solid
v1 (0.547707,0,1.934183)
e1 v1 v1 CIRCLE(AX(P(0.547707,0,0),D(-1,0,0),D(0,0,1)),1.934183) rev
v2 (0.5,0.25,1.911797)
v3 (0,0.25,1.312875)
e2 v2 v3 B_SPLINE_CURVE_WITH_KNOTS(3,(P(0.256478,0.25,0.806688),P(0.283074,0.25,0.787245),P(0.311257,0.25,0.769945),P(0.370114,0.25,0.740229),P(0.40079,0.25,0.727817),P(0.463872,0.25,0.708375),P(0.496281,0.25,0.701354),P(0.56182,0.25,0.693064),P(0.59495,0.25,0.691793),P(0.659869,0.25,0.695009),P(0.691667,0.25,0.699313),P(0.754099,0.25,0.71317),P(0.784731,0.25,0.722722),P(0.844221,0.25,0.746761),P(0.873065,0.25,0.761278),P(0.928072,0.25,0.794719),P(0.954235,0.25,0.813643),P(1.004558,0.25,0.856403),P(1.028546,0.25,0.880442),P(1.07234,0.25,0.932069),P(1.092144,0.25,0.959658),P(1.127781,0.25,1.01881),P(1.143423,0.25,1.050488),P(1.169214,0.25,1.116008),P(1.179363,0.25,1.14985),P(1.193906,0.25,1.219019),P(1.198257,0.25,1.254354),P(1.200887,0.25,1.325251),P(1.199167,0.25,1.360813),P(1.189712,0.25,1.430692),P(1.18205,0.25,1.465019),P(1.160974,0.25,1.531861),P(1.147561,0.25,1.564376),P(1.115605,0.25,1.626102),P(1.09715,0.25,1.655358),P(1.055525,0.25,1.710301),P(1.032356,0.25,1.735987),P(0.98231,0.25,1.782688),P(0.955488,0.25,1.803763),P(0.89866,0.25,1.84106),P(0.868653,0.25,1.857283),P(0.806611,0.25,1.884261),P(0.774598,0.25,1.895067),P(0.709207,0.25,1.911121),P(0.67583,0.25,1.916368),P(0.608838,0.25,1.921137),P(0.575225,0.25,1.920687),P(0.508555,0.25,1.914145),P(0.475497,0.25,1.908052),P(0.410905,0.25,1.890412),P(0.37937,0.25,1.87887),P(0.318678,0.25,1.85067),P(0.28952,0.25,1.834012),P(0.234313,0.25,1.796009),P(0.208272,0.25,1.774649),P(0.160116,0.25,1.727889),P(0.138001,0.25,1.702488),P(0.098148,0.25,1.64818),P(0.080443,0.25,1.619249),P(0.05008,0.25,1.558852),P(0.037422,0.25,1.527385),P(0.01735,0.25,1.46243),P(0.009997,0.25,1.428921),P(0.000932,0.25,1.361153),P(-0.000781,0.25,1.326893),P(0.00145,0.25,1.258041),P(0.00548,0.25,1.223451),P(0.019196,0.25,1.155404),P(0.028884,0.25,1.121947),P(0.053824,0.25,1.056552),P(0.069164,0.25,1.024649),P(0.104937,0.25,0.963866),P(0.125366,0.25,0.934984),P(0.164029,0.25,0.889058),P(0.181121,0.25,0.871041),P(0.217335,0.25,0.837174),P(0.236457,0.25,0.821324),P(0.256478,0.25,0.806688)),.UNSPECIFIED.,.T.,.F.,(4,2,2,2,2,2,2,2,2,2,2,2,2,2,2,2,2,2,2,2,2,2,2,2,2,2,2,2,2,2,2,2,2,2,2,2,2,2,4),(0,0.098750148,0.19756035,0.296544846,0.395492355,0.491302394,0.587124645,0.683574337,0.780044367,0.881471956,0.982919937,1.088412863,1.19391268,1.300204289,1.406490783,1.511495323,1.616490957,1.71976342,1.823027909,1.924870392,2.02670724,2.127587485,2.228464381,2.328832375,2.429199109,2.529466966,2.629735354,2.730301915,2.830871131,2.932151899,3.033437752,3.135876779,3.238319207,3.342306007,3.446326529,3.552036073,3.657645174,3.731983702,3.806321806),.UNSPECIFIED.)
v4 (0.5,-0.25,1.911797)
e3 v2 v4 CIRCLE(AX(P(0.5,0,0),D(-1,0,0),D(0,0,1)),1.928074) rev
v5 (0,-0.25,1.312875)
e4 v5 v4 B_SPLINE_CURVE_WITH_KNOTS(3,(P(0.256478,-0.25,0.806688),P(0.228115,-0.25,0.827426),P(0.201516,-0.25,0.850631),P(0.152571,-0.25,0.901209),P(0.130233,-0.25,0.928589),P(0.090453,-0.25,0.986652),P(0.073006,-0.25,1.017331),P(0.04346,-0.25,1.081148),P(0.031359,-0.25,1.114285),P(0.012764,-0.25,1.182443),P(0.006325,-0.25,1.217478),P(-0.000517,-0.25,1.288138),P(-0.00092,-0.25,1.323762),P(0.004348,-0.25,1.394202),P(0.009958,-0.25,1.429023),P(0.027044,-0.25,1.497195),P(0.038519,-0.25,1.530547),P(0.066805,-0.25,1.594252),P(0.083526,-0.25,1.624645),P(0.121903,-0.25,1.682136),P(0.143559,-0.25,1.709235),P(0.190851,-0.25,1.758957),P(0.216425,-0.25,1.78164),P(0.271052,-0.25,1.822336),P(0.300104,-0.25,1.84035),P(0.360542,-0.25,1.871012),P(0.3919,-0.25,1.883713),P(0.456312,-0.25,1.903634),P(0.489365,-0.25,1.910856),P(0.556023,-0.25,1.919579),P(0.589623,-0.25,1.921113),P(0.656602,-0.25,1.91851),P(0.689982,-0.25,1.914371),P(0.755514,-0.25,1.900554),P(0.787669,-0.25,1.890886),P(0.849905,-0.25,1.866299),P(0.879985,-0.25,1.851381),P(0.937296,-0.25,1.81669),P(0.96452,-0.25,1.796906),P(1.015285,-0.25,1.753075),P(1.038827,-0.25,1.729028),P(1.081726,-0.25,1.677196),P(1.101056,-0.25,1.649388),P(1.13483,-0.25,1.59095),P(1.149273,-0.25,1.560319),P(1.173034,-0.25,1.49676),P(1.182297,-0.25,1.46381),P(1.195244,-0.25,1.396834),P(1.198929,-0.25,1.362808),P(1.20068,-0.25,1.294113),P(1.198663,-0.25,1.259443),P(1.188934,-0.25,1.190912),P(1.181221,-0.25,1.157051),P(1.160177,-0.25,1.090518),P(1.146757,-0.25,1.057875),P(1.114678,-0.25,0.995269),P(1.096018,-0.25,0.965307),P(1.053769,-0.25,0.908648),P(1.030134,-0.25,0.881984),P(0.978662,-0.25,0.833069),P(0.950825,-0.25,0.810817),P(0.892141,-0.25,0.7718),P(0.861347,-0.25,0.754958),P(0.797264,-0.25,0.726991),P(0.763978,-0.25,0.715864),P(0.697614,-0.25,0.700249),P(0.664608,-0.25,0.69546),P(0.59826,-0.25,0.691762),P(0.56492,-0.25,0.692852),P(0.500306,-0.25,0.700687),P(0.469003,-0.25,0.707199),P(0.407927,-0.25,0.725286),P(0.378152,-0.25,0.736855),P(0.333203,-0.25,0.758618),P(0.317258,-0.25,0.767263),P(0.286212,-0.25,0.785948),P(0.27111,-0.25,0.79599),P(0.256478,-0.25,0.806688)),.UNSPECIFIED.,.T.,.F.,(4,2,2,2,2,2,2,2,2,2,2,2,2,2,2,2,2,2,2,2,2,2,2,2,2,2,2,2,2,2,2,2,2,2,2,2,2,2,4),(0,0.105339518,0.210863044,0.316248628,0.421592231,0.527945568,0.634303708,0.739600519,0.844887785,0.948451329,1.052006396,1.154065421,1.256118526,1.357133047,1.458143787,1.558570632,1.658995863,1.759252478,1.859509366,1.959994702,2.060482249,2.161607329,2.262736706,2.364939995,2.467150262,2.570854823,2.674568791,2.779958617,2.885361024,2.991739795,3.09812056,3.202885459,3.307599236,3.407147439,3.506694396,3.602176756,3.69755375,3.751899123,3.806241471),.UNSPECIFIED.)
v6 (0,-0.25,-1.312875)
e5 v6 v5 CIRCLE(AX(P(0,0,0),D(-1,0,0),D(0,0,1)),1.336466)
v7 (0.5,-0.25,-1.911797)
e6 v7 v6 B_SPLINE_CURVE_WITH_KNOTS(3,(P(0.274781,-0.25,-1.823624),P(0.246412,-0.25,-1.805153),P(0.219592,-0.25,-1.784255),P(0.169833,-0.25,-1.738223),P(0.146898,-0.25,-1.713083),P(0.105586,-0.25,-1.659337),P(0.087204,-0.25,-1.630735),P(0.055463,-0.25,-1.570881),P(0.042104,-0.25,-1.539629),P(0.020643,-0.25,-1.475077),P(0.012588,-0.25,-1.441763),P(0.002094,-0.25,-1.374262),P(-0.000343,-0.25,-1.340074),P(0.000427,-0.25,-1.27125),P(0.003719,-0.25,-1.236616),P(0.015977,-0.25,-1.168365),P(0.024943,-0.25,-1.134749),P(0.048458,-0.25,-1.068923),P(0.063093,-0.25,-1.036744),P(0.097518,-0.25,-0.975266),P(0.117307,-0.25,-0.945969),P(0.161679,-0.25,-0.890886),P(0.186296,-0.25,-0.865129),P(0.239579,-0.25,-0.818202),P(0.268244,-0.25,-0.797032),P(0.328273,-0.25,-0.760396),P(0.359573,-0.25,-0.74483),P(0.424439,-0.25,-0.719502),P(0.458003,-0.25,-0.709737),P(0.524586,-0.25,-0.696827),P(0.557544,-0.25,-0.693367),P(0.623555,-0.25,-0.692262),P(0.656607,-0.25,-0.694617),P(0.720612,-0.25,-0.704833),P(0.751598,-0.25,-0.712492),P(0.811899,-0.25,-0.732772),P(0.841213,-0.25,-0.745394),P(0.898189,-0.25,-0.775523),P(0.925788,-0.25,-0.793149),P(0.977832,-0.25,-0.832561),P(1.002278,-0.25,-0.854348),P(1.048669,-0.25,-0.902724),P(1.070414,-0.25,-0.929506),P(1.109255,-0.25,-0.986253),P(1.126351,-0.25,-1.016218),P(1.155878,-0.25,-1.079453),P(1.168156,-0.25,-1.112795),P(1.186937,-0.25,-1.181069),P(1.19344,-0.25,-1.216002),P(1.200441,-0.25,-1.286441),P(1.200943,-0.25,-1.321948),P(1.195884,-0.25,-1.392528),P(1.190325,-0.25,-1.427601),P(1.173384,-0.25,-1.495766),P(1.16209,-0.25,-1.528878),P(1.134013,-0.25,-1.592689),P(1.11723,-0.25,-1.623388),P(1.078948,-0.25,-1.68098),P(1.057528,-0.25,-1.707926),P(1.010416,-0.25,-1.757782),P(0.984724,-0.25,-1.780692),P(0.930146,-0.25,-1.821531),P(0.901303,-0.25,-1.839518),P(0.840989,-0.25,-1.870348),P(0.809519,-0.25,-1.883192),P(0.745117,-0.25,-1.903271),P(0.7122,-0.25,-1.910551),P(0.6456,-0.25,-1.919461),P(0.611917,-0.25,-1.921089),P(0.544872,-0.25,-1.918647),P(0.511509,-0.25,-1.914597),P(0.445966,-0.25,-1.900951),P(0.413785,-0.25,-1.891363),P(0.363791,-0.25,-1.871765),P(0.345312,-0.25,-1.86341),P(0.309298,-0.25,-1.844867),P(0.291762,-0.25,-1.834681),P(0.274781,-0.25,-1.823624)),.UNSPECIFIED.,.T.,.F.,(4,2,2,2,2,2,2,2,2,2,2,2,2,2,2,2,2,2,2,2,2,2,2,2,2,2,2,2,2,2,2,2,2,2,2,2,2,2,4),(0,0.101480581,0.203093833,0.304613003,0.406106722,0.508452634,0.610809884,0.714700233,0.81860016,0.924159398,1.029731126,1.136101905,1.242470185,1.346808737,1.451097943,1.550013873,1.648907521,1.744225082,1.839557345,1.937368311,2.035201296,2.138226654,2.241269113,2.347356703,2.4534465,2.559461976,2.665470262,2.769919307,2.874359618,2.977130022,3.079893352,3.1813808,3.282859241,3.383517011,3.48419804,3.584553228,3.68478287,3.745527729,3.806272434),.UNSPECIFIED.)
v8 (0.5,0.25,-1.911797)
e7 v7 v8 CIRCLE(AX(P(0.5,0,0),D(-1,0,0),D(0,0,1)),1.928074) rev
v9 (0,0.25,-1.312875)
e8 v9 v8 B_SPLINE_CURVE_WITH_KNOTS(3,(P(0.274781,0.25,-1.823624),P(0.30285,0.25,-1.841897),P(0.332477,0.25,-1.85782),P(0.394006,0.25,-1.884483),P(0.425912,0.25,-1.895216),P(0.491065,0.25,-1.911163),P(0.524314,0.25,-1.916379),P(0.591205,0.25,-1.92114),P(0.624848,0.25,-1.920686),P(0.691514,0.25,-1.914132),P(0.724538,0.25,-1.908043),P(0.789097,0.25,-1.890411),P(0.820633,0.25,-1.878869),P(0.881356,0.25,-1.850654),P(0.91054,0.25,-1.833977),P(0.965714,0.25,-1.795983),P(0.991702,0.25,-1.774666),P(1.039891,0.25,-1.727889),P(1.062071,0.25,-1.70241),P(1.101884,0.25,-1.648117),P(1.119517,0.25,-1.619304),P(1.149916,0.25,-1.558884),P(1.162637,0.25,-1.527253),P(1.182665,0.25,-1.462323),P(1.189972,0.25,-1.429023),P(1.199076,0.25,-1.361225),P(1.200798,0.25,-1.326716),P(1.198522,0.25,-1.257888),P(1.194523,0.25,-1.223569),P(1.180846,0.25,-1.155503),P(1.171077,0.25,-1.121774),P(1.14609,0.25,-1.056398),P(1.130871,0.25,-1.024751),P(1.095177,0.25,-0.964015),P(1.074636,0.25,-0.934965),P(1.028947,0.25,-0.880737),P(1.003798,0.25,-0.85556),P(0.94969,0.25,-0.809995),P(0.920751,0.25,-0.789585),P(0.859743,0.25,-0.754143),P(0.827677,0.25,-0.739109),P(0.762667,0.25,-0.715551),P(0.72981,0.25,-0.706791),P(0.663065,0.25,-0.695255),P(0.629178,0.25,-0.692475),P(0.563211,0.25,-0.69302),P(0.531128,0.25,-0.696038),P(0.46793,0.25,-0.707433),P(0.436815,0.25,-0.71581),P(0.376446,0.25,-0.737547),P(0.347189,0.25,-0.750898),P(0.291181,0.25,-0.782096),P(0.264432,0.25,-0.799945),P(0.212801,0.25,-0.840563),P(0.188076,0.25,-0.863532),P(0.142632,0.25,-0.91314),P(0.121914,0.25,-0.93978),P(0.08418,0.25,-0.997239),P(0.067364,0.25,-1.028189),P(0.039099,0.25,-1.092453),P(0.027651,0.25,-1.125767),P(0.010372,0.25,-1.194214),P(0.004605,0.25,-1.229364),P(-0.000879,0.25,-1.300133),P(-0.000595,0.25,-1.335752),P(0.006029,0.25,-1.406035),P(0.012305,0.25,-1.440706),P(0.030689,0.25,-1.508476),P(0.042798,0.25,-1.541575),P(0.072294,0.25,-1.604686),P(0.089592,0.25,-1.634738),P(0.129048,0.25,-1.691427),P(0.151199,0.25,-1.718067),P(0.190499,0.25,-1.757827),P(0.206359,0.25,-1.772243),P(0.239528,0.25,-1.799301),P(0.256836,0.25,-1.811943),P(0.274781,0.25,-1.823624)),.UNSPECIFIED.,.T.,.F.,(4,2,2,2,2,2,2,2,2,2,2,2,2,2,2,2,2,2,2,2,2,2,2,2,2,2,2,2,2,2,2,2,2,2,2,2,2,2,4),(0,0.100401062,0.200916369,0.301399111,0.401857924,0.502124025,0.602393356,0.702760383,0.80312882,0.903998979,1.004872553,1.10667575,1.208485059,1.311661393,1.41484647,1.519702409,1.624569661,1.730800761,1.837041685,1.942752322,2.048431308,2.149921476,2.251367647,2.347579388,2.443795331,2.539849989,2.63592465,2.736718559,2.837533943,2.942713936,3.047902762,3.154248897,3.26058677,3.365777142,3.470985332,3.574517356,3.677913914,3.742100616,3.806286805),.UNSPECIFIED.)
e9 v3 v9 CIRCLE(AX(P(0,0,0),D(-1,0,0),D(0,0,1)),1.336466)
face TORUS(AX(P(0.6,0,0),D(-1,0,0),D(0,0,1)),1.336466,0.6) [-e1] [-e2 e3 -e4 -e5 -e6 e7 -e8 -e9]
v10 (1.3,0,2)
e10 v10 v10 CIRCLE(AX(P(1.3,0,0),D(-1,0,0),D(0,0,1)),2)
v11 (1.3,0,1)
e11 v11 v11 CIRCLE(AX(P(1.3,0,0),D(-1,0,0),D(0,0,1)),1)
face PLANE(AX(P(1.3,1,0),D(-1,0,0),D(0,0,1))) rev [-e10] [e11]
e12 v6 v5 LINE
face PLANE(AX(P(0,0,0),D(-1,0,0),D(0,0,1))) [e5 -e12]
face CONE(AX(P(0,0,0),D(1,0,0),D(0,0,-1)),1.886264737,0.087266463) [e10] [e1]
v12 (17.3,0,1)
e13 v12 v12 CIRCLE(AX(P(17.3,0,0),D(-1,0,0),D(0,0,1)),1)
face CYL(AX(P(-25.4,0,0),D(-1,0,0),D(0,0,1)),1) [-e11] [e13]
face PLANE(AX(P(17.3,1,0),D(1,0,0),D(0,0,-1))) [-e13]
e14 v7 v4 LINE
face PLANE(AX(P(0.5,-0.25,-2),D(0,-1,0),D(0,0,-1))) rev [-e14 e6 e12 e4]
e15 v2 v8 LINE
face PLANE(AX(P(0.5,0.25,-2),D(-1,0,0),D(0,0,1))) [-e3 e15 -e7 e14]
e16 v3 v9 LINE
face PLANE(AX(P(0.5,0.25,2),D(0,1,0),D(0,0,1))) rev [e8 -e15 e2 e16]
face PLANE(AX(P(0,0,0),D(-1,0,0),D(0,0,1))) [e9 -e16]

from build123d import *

# Parameters (mm, degrees)
FILLET2_R  = 0.6
SKETCH2_W  = 4
SKETCH2_H  = 0.5
SLOT_DEPTH = 0.5


with BuildPart() as part:
    # BodySke → Base-Revolve (revolve)
    with BuildSketch(Plane.XY, mode=Mode.PRIVATE) as base_revolve_sk:
        Polygon((1.3, 1), (1.3, 2), (0, 1.886264737), (0, 0), (17.3, 0), (17.3, 1), align=None)
    revolve(base_revolve_sk.sketch.rotate(Axis((-25.4, 0, 0), (1, 0, 0)), 90), axis=Axis((-25.4, 0, 0), (1, 0, 0)))

    # Fillet2
    fillet2_edges = [part.edges().sort_by_distance(p)[0] for p in [
        (0, 0, -1.886264737),
    ]]
    fillet(fillet2_edges, radius=FILLET2_R)

    # Sketch2 → Slot (cut)
    with BuildSketch(Plane(origin=(0, 0, 0), x_dir=(0, 0, -1), z_dir=(1, 0, 0))):
        Rectangle(SKETCH2_W, SKETCH2_H)
    extrude(amount=SLOT_DEPTH, mode=Mode.SUBTRACT)


solid = part.part
